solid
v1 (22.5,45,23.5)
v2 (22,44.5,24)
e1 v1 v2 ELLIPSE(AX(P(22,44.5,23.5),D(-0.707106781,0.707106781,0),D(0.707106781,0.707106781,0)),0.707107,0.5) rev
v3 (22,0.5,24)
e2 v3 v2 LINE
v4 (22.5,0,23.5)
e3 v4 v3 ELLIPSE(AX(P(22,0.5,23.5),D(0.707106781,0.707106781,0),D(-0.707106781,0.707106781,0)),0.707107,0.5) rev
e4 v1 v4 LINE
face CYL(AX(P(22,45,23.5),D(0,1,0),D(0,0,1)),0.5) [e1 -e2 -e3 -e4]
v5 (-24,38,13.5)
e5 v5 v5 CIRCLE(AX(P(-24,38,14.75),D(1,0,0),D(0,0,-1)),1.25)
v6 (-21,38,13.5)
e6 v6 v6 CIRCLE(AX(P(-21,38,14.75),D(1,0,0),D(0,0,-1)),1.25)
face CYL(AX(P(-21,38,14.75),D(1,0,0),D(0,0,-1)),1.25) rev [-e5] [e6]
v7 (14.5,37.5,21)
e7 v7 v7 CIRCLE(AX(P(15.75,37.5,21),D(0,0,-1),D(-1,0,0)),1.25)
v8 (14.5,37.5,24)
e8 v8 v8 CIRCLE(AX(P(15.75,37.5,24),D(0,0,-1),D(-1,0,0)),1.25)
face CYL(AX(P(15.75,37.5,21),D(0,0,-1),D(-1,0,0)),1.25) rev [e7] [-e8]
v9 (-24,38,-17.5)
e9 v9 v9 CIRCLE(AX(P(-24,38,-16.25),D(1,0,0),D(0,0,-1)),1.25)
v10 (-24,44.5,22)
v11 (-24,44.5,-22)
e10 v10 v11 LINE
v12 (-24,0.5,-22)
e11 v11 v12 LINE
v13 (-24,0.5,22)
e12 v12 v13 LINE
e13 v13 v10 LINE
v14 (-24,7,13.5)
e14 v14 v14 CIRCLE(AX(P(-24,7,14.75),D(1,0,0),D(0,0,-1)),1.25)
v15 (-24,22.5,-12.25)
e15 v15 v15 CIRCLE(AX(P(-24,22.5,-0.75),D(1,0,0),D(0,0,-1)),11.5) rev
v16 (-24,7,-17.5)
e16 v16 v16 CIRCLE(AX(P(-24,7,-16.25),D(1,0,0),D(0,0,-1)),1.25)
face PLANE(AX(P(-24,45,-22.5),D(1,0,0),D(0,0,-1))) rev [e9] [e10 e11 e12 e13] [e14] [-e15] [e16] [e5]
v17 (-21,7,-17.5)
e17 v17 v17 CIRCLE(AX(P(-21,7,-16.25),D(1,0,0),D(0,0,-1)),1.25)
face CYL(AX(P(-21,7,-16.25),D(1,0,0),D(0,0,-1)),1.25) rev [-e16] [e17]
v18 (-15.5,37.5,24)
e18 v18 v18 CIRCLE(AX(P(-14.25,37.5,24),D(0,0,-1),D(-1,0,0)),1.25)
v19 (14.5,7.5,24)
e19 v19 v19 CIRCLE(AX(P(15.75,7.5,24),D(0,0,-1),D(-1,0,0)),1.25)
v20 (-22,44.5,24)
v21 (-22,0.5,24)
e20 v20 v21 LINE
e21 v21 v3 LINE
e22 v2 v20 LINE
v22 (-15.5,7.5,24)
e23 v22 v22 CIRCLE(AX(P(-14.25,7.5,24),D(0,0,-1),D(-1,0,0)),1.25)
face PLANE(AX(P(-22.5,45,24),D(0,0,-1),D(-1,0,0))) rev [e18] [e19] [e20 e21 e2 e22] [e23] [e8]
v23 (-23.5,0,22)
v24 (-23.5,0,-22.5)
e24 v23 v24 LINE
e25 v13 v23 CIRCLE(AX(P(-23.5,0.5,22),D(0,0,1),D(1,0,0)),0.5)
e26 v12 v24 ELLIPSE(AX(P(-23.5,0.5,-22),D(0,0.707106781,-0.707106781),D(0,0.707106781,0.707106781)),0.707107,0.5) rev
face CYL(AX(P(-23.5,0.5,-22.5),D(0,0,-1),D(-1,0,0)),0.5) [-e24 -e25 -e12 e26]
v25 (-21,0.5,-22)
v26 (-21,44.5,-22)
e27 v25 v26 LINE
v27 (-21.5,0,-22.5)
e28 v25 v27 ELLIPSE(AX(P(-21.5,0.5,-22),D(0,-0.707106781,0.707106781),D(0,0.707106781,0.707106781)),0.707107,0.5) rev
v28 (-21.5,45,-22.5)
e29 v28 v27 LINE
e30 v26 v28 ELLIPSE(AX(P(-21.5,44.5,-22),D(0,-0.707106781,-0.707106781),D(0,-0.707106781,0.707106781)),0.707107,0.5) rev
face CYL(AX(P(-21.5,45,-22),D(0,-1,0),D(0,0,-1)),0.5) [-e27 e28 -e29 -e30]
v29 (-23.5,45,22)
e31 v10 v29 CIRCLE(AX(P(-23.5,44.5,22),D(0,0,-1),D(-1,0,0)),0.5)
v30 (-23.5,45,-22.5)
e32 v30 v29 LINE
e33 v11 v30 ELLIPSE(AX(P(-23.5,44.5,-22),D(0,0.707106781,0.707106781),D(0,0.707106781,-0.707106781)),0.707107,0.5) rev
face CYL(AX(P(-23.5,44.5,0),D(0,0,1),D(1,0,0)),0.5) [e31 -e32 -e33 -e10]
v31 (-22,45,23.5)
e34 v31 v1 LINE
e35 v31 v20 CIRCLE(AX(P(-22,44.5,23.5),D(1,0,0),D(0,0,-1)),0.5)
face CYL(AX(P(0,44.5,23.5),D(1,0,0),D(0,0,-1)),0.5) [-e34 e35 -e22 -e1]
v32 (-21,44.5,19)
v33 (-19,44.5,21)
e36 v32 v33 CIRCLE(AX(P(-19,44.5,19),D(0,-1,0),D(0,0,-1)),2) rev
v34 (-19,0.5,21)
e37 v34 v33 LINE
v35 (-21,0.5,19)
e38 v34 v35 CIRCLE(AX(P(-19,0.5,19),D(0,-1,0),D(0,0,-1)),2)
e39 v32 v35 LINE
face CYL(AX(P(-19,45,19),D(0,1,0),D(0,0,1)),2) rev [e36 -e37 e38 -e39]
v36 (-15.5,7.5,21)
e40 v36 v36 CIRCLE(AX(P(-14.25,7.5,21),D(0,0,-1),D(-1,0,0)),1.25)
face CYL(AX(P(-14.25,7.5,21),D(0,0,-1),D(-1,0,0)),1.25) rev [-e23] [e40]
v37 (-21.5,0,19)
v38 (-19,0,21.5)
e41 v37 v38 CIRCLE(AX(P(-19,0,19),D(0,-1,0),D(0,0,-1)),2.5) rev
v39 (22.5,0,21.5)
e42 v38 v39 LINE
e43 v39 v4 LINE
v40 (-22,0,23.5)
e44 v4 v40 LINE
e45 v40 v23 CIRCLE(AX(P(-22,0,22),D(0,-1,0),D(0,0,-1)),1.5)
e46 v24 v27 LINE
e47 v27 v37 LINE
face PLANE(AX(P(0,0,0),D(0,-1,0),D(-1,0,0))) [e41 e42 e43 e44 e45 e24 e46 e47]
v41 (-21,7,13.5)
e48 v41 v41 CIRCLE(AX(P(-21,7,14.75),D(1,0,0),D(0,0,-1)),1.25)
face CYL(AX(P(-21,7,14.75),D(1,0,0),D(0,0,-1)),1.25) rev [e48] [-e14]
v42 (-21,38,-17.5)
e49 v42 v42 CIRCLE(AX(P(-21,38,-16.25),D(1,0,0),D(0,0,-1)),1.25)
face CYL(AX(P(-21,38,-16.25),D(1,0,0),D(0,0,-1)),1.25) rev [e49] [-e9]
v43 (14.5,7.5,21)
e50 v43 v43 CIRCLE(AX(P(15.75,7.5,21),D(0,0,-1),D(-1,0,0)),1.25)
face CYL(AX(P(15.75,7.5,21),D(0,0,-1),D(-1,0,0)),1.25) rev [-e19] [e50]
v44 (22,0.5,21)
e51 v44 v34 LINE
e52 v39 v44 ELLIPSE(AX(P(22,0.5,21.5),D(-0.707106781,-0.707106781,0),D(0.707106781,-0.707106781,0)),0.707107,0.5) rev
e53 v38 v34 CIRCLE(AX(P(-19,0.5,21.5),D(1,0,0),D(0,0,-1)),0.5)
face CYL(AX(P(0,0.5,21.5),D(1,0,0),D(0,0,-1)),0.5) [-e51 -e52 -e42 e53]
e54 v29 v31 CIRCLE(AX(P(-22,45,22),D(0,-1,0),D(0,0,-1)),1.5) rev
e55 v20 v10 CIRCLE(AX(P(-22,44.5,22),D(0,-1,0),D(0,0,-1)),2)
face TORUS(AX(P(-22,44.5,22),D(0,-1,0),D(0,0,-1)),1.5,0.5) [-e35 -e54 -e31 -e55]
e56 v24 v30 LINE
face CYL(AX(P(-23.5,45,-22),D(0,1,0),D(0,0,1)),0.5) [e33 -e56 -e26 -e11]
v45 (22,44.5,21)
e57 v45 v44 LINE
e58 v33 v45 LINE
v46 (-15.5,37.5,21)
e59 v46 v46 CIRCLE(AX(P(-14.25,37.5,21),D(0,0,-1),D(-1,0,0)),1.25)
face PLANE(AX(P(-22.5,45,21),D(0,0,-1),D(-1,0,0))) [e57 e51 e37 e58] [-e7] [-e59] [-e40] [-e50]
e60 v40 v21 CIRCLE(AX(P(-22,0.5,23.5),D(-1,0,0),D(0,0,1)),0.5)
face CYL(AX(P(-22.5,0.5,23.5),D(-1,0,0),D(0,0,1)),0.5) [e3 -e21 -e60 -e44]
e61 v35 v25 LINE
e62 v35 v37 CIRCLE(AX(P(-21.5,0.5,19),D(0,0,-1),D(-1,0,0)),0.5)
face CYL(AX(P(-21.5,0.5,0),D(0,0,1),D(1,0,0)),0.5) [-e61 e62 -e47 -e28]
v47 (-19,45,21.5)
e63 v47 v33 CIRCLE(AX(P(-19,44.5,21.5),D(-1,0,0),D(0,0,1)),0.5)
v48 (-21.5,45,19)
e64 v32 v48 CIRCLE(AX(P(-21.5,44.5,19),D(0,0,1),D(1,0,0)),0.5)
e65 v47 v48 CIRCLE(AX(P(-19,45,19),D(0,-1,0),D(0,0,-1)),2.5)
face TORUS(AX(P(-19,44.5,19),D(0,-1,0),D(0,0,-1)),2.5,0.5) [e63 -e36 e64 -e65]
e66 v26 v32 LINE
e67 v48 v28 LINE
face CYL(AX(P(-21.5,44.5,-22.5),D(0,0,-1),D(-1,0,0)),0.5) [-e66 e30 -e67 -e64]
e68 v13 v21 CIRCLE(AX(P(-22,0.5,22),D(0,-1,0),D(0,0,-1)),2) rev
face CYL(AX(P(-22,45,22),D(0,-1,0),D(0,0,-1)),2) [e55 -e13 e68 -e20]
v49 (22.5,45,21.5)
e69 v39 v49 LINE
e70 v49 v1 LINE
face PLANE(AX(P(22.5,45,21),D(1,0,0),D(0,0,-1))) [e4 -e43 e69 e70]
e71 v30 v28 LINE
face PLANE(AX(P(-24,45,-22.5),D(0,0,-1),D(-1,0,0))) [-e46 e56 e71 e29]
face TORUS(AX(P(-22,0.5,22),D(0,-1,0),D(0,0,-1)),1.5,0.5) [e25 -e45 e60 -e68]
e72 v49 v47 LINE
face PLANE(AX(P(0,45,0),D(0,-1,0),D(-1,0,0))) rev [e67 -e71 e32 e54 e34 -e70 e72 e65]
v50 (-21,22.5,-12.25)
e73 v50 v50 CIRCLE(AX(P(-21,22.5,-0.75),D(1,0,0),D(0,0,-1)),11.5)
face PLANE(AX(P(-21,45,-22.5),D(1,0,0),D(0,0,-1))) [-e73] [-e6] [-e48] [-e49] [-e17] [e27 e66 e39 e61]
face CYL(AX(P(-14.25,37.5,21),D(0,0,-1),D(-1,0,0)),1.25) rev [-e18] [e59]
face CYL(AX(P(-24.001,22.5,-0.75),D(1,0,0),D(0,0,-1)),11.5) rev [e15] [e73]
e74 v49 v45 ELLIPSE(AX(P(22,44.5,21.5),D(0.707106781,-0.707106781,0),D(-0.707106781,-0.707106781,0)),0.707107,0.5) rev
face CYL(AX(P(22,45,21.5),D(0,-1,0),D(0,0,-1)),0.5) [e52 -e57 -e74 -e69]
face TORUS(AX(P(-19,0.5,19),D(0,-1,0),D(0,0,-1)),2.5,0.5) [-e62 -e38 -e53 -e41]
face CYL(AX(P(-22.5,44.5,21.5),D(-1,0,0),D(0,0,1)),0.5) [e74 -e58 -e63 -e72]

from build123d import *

# Parameters (mm, degrees)
EXTRUDE_1_DEPTH     = 45
M3X0_5_1_D          = 2.5
FILLET_1_R          = 2
M3X0_5_2_D          = 2.5
FILLET_2_R          = 0.5
CUT_EXTRUDE_1_REACH = 69.032
SKETCH_6_R          = 11.5


with BuildPart() as part:
    # 草图1 → 拉伸-薄壁1 (new body)
    with BuildSketch(Plane(origin=(0, 0, 0), x_dir=(1, 0, 0), z_dir=(0, 1, 0))):
        Polygon((-24, 22.5), (-24, -24), (22.5, -24), (22.5, -21), (-21, -21), (-21, 22.5), align=None)
    extrude(amount=EXTRUDE_1_DEPTH)

    # M3x0.5 螺纹孔1 (through all)
    with Locations(Plane(origin=(-21, 38, 14.75), x_dir=(0, 0, 1), z_dir=(1, 0, 0))):
        with Locations((0, 0), (-31, 0), (-31, 31), (0, 31)):
            Hole(M3X0_5_1_D / 2)

    # 圆角1
    fillet_1_edges = [part.edges().sort_by_distance(p)[0] for p in [
        (-24, 22.5, 24),
        (-21, 22.5, 21),
    ]]
    fillet(fillet_1_edges, radius=FILLET_1_R)

    # M3x0.5 螺纹孔2 (through all)
    with Locations(Plane(origin=(-14.25, 37.5, 21), x_dir=(-1, 0, 0), z_dir=(0, 0, -1))):
        with Locations((0, 0), (0, -30), (-30, -30), (-30, 0)):
            Hole(M3X0_5_2_D / 2)

    # 圆角2
    fillet_2_edges = [part.edges().sort_by_distance(p)[0] for p in [
        (22.5, 22.5, 24),
        (-21, 45, -1.75),
        (-24, 45, -0.25),
        (0.25, 0, 24),
        (0.25, 45, 24),
        (1.75, 0, 21),
        (-23.414213562, 0, 23.414213562),
        (1.75, 45, 21),
        (-23.414213562, 45, 23.414213562),
        (-20.414213562, 0, 20.414213562),
        (-20.414213562, 45, 20.414213562),
        (-24, 0, -0.25),
        (-21, 0, -1.75),
        (-24, 22.5, -22.5),
        (-21, 22.5, -22.5),
        (22.5, 22.5, 21),
    ]]
    fillet(fillet_2_edges, radius=FILLET_2_R)

    # 草图6 → 切除-拉伸1 (cut, up to next)
    with BuildSketch(Plane(origin=(-21, 0, 0), x_dir=(0, 0, -1), z_dir=(1, 0, 0)), mode=Mode.PRIVATE) as cut_extrude_1_sk1:
        with Locations((0.75, 22.5)):
            Circle(SKETCH_6_R)
    cut_extrude_1_tool1 = extrude(cut_extrude_1_sk1.sketch, amount=-CUT_EXTRUDE_1_REACH, mode=Mode.PRIVATE) & part.part
    add(cut_extrude_1_tool1.solids().sort_by_distance((-21, 22.5, -0.75))[0], mode=Mode.SUBTRACT)


solid = part.part
